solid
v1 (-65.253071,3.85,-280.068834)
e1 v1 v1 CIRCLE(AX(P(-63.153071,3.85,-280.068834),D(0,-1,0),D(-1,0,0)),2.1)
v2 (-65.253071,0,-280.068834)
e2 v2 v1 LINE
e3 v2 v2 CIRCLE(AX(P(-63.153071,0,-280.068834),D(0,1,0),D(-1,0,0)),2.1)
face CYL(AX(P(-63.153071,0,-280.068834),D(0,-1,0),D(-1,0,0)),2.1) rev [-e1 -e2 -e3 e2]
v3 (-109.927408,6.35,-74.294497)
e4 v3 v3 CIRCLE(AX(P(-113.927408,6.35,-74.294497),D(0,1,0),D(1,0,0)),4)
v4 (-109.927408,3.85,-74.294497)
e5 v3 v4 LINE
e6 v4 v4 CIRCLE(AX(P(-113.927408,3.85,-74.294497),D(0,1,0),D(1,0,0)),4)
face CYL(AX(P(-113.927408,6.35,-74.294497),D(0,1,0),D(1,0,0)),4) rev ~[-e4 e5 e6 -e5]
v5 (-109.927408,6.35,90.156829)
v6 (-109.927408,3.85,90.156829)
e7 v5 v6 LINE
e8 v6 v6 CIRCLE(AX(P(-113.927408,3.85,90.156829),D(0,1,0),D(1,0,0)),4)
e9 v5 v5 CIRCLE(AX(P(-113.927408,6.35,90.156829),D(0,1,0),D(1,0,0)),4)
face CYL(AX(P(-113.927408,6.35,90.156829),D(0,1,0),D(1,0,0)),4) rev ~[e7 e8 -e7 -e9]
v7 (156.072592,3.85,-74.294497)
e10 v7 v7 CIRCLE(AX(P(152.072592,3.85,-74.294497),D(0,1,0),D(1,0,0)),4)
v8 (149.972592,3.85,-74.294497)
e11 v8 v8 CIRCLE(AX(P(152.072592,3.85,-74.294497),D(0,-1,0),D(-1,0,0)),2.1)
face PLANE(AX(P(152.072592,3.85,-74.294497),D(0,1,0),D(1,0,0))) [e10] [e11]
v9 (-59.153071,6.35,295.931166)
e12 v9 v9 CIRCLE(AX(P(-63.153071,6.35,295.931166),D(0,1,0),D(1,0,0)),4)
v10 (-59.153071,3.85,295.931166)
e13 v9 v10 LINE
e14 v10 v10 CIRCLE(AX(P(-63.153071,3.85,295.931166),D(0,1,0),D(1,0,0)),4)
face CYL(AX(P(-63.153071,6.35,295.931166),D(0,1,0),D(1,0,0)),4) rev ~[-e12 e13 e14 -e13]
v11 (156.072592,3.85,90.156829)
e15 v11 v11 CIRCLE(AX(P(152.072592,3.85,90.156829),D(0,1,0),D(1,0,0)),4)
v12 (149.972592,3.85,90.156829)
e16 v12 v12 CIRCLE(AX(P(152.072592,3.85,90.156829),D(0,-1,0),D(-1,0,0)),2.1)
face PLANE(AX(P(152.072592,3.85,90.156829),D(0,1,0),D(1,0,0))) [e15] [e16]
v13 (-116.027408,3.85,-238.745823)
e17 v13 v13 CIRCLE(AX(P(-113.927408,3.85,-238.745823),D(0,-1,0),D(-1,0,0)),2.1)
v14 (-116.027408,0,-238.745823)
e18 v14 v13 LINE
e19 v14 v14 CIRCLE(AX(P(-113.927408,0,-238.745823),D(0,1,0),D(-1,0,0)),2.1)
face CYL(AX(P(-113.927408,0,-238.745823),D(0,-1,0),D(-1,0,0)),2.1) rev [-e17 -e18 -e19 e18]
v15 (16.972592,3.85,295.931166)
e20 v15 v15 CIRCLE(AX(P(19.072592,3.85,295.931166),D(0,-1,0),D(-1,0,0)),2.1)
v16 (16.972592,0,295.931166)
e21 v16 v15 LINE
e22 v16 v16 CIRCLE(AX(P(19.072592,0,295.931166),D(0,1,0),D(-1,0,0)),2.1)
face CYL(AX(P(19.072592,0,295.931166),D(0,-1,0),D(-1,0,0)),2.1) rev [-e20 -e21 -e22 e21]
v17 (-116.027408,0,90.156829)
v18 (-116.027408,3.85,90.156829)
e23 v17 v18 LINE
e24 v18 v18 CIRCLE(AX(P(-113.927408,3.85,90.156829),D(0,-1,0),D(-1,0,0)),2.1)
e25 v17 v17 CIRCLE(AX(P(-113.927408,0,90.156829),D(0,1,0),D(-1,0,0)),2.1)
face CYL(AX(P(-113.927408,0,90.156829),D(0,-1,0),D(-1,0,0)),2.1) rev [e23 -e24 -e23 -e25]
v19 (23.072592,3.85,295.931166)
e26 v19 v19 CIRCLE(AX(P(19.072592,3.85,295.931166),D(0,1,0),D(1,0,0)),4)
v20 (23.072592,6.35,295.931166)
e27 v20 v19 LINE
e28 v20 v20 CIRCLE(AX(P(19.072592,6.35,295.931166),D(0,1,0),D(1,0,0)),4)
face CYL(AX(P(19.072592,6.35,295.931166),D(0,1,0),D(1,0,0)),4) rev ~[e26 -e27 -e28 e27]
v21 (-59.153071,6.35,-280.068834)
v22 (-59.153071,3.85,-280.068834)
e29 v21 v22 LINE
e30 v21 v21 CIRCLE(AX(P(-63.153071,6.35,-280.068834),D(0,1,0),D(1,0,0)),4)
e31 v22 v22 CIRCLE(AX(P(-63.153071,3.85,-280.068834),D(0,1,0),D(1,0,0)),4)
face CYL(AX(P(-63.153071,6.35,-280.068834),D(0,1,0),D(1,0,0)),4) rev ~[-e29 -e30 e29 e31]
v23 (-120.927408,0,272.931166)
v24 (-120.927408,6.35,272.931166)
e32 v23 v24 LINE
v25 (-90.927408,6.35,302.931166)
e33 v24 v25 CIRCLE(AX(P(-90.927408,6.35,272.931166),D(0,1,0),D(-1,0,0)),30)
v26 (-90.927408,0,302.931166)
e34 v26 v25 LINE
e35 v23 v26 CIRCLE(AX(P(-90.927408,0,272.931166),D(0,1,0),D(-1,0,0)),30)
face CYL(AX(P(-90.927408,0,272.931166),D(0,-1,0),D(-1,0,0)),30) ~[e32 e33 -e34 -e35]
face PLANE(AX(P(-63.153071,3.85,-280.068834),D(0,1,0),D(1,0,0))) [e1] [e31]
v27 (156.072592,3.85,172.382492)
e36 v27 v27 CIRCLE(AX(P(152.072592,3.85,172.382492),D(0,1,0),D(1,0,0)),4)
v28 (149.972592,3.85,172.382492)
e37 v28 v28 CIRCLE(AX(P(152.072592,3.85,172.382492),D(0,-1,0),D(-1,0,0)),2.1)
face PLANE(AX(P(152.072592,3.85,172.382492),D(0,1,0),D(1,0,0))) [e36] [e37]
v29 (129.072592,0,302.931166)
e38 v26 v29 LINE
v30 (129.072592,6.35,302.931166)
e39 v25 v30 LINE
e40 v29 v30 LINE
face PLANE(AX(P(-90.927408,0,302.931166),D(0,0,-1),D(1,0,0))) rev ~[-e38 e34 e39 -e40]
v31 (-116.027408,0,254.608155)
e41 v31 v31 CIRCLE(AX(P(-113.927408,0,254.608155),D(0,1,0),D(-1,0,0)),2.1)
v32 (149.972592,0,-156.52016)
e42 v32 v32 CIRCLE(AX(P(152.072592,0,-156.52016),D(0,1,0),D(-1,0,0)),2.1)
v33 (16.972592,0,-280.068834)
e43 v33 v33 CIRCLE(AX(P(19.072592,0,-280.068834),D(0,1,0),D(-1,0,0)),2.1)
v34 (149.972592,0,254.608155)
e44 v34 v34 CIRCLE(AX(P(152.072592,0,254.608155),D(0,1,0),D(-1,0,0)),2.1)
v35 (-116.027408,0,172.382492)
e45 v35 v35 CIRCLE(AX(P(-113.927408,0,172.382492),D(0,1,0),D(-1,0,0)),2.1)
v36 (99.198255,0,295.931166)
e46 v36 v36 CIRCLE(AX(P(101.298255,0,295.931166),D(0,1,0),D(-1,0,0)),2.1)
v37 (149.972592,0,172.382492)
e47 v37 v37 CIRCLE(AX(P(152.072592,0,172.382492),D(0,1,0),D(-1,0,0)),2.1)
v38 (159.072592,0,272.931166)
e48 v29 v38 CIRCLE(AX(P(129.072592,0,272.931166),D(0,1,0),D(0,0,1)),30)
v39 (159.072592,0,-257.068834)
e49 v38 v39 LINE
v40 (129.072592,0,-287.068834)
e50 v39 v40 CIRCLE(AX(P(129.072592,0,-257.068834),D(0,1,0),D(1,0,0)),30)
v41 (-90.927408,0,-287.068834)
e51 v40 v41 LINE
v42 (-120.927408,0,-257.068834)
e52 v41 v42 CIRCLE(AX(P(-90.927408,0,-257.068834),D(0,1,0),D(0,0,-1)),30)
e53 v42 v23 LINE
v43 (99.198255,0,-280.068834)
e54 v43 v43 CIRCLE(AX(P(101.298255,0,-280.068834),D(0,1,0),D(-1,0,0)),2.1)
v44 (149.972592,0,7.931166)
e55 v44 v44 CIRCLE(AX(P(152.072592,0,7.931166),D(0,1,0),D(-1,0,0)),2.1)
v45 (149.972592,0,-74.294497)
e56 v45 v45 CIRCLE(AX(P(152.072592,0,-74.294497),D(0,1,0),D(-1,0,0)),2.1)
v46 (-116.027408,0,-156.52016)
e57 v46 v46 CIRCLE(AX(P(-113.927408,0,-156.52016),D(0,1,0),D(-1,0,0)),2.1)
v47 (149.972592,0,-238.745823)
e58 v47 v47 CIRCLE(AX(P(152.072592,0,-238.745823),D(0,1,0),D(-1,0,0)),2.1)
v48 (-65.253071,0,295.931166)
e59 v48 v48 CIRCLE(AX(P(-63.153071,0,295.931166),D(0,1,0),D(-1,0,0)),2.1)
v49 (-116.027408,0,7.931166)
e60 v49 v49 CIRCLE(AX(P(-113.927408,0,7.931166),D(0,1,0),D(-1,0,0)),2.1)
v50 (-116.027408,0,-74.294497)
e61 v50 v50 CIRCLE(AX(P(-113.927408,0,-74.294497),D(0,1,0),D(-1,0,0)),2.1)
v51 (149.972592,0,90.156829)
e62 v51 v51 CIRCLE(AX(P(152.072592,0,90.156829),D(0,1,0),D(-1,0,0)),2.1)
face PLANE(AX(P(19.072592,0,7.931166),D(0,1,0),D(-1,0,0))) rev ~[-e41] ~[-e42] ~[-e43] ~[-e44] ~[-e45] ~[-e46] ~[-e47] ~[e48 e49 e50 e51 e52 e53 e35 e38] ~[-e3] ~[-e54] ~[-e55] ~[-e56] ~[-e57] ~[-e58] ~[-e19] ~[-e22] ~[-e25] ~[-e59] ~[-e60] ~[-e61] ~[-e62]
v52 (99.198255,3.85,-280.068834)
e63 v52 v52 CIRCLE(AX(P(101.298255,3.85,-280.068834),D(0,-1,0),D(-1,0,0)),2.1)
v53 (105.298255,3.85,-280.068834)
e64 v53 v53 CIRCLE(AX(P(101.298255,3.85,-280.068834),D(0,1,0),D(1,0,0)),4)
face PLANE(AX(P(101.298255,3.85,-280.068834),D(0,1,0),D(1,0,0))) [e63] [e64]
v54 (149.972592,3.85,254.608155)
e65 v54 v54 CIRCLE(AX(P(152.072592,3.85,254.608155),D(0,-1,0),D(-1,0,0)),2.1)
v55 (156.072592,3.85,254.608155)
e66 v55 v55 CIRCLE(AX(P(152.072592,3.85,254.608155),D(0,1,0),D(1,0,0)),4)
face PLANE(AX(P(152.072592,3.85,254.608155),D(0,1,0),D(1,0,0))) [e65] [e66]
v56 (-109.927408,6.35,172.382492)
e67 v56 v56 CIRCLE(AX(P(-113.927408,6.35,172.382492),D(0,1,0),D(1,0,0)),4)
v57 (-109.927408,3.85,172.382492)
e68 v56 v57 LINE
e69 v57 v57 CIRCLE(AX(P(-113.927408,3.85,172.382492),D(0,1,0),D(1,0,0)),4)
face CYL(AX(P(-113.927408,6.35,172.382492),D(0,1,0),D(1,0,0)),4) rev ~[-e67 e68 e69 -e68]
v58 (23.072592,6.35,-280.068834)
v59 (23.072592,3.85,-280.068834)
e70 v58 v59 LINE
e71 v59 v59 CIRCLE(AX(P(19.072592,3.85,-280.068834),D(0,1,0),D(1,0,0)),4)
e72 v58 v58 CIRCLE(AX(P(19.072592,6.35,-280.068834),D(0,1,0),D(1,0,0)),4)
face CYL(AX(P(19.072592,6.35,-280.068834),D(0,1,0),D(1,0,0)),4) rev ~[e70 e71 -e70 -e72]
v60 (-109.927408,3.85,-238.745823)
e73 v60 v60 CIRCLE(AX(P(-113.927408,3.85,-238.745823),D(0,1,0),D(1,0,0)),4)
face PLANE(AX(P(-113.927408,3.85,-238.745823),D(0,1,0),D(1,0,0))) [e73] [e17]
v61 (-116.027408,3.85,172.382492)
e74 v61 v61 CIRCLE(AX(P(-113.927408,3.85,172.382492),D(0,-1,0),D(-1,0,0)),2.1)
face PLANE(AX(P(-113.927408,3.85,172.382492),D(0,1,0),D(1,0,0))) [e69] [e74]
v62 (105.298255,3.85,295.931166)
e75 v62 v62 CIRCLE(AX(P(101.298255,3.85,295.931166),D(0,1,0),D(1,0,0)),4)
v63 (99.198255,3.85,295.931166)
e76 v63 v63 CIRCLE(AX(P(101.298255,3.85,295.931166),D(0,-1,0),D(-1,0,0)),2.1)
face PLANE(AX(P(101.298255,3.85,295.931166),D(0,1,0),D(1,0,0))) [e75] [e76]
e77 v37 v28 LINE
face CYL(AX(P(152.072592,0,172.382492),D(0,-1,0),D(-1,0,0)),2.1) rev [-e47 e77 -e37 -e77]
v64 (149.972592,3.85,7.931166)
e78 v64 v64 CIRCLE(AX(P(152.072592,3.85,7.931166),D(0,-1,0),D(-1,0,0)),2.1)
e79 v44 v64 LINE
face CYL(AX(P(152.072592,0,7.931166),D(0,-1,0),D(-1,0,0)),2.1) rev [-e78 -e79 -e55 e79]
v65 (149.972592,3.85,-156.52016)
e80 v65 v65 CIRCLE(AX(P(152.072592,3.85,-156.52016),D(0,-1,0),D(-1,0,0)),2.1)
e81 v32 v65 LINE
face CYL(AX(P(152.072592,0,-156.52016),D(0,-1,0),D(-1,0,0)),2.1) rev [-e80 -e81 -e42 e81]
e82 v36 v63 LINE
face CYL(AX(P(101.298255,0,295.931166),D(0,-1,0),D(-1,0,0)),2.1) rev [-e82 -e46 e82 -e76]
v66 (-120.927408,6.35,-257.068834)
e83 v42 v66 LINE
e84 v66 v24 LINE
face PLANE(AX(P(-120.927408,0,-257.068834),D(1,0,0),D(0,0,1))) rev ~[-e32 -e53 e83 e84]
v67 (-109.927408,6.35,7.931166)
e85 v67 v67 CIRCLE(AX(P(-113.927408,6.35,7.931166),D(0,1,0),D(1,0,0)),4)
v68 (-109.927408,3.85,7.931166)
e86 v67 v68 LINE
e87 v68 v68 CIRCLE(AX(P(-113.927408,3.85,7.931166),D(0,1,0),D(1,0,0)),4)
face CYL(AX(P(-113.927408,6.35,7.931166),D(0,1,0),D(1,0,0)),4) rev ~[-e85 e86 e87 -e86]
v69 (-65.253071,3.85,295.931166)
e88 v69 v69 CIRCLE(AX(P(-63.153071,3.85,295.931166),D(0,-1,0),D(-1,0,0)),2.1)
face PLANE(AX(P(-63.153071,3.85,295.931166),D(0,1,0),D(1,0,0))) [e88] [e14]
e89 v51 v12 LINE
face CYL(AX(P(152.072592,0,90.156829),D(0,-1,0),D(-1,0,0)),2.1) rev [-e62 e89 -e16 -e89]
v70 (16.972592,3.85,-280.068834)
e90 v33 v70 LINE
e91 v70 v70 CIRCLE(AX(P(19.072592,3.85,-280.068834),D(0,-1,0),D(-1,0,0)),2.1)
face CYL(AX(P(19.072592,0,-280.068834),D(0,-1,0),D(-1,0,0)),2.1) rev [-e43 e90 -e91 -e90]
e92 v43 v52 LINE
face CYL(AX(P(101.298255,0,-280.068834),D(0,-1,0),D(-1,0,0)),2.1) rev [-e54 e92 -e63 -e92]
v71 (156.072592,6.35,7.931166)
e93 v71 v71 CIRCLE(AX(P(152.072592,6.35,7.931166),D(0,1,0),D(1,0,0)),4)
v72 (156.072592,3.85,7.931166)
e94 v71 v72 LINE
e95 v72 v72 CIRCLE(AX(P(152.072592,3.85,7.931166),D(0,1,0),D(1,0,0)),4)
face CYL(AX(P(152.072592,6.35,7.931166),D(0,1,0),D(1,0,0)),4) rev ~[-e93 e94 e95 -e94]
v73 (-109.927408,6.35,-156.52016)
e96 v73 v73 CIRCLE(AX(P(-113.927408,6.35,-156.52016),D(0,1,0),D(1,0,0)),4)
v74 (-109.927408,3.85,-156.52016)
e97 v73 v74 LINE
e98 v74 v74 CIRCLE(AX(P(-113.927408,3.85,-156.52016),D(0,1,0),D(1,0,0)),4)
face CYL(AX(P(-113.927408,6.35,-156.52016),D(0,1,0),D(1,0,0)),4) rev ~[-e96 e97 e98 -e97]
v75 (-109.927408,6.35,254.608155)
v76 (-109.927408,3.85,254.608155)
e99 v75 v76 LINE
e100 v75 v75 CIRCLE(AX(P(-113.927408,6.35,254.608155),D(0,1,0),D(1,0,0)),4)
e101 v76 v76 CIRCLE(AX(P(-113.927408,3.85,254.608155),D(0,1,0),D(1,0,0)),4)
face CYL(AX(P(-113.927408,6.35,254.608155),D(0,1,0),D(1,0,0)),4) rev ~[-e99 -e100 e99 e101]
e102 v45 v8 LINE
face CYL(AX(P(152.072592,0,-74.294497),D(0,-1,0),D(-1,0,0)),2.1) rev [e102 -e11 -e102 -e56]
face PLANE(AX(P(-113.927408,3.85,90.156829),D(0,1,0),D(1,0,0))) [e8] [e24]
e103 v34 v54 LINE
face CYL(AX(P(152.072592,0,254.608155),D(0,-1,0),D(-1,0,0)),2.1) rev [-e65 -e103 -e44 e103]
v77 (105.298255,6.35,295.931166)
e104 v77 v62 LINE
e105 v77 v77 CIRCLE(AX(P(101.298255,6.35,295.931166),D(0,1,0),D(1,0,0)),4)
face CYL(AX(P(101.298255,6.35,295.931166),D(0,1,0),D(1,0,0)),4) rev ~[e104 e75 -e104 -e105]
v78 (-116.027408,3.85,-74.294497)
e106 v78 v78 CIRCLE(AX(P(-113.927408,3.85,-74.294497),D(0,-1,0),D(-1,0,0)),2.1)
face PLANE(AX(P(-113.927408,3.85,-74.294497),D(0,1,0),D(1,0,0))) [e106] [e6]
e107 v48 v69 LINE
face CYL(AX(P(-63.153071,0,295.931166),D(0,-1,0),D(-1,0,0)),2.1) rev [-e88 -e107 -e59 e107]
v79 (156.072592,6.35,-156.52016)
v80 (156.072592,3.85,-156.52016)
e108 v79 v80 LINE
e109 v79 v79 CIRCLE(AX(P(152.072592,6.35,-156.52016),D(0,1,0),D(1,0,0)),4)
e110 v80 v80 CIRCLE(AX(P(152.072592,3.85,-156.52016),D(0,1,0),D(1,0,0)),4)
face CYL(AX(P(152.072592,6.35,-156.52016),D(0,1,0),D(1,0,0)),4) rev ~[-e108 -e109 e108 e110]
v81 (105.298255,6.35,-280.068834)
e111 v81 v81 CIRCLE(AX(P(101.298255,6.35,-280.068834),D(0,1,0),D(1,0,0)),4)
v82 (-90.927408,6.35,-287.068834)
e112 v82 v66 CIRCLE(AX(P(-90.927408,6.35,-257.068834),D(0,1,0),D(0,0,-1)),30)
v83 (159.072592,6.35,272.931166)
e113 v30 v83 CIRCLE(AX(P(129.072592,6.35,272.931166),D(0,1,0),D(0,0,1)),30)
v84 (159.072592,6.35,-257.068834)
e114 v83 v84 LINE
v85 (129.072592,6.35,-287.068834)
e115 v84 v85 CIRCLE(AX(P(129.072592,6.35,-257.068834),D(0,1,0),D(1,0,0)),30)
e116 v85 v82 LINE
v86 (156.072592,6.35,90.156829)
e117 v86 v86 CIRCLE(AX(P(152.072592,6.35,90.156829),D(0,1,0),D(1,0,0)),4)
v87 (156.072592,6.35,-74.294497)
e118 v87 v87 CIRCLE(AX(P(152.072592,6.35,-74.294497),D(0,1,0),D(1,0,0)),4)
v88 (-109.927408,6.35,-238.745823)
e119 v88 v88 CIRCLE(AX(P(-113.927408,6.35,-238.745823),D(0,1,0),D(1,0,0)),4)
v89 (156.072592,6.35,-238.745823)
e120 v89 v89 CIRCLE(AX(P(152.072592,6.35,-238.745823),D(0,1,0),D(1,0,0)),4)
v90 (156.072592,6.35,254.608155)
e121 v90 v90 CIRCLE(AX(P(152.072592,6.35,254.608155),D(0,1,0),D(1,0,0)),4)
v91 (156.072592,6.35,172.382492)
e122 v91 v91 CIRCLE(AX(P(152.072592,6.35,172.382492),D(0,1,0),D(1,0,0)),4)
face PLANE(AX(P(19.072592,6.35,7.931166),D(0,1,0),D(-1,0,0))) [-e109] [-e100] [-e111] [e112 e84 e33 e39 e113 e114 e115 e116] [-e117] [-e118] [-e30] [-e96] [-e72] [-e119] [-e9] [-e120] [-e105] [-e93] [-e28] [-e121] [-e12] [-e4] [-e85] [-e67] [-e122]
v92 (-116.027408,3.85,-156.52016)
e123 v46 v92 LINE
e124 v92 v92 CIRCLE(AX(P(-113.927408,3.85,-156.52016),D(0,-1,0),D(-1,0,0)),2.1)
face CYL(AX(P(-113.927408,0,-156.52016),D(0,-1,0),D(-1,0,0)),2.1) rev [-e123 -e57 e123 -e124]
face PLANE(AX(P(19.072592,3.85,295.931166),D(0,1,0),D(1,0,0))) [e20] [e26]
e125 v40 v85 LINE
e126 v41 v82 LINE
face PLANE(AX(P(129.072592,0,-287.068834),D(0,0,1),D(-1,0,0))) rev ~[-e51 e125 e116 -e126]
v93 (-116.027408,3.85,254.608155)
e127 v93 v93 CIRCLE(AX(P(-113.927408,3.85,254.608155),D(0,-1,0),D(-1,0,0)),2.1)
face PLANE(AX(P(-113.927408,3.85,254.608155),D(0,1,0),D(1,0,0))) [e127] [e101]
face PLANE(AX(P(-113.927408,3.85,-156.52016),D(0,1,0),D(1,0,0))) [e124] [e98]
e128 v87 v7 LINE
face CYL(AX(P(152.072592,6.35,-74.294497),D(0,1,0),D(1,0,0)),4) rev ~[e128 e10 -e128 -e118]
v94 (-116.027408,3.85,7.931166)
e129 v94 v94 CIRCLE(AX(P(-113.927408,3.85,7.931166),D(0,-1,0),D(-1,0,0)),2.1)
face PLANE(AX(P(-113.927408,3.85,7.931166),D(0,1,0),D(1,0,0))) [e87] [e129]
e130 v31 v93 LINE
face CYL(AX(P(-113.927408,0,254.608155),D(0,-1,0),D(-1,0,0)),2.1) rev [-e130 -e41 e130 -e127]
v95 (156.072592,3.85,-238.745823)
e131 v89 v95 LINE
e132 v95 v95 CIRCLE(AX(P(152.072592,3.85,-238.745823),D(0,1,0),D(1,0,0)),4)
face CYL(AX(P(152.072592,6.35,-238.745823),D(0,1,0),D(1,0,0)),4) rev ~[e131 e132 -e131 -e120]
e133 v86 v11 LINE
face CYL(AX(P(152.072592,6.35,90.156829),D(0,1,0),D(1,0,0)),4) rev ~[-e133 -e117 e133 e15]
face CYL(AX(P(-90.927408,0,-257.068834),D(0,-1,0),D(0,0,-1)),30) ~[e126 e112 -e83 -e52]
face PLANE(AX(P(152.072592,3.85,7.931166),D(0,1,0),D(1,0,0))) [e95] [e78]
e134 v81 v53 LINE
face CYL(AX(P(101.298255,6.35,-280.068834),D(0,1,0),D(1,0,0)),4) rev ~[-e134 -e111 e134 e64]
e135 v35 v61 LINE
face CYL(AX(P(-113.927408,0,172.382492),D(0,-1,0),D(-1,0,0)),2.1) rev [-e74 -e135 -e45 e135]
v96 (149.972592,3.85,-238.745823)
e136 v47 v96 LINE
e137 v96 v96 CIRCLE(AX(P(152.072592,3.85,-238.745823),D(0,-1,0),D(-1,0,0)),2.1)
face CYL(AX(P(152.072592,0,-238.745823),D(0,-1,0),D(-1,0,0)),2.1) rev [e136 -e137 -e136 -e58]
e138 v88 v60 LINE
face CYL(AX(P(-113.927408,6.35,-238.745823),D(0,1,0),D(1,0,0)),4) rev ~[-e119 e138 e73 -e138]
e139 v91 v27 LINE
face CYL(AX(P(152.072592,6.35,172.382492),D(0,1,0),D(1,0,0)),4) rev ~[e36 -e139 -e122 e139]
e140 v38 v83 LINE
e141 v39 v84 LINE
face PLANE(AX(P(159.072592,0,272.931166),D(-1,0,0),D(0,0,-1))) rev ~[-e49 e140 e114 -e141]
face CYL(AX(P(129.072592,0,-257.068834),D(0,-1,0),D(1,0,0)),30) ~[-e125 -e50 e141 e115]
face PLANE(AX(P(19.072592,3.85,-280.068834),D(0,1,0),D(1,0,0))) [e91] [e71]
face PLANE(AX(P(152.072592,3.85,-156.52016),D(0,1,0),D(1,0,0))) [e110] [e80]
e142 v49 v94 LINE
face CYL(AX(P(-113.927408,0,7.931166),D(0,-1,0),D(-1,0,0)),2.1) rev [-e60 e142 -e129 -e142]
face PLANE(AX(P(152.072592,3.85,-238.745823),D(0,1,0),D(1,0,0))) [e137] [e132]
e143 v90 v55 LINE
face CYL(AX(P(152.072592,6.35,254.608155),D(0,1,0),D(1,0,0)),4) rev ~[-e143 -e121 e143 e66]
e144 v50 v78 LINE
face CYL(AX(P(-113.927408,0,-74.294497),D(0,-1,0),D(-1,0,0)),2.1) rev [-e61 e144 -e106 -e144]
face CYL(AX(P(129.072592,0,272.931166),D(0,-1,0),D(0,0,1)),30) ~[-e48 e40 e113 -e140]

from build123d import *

# Parameters (mm, degrees)
SKETCH1_R           = 2.1
BOSS_EXTRUDE1_DEPTH = 6.35
SKETCH3_R           = 4
CUT_EXTRUDE1_DEPTH  = 2.5


with BuildPart() as part:
    # Sketch1 → Boss-Extrude1 (new body)
    with BuildSketch(Plane(origin=(0, 0, 0), x_dir=(-1, 0, 0), z_dir=(0, 1, 0))):
        with BuildLine():
            Line((90.927407972, 302.93116582), (-129.072592028, 302.93116582))
            ThreePointArc((-129.072592028, 302.93116582), (-150.285795463, 294.144369255), (-159.072592028, 272.93116582))
            Line((-159.072592028, 272.93116582), (-159.072592028, -257.06883418))
            ThreePointArc((-159.072592028, -257.06883418), (-150.285795463, -278.282037616), (-129.072592028, -287.06883418))
            Line((-129.072592028, -287.06883418), (90.927407972, -287.06883418))
            ThreePointArc((90.927407972, -287.06883418), (112.140611408, -278.282037616), (120.927407972, -257.06883418))
            Line((120.927407972, -257.06883418), (120.927407972, 272.93116582))
            ThreePointArc((120.927407972, 272.93116582), (112.140611408, 294.144369255), (90.927407972, 302.93116582))
        make_face()
        with Locations((-152.072592028, 254.608155129)):
            Circle(SKETCH1_R, mode=Mode.SUBTRACT)
        with Locations((-101.298255131, 295.93116582)):
            Circle(SKETCH1_R, mode=Mode.SUBTRACT)
        with Locations((-19.072592028, 295.93116582)):
            Circle(SKETCH1_R, mode=Mode.SUBTRACT)
        with Locations((63.153071075, 295.93116582)):
            Circle(SKETCH1_R, mode=Mode.SUBTRACT)
        with Locations((113.927407972, 254.608155129)):
            Circle(SKETCH1_R, mode=Mode.SUBTRACT)
        with Locations((-152.072592028, 7.93116582)):
            Circle(SKETCH1_R, mode=Mode.SUBTRACT)
        with Locations((-152.072592028, -74.294497284)):
            Circle(SKETCH1_R, mode=Mode.SUBTRACT)
        with Locations((-152.072592028, -156.520160387)):
            Circle(SKETCH1_R, mode=Mode.SUBTRACT)
        with Locations((-152.072592028, -238.74582349)):
            Circle(SKETCH1_R, mode=Mode.SUBTRACT)
        with Locations((-101.298255131, -280.06883418)):
            Circle(SKETCH1_R, mode=Mode.SUBTRACT)
        with Locations((-19.072592028, -280.06883418)):
            Circle(SKETCH1_R, mode=Mode.SUBTRACT)
        with Locations((63.153071075, -280.06883418)):
            Circle(SKETCH1_R, mode=Mode.SUBTRACT)
        with Locations((113.927407972, -238.74582349)):
            Circle(SKETCH1_R, mode=Mode.SUBTRACT)
        with Locations((113.927407972, -156.520160387)):
            Circle(SKETCH1_R, mode=Mode.SUBTRACT)
        with Locations((113.927407972, -74.294497284)):
            Circle(SKETCH1_R, mode=Mode.SUBTRACT)
        with Locations((113.927407972, 7.93116582)):
            Circle(SKETCH1_R, mode=Mode.SUBTRACT)
        with Locations((-152.072592028, 90.156828923)):
            Circle(SKETCH1_R, mode=Mode.SUBTRACT)
        with Locations((-152.072592028, 172.382492026)):
            Circle(SKETCH1_R, mode=Mode.SUBTRACT)
        with Locations((113.927407972, 90.156828923)):
            Circle(SKETCH1_R, mode=Mode.SUBTRACT)
        with Locations((113.927407972, 172.382492026)):
            Circle(SKETCH1_R, mode=Mode.SUBTRACT)
    extrude(amount=BOSS_EXTRUDE1_DEPTH)

    # Sketch3 → Cut-Extrude1 (cut)
    with BuildSketch(Plane(origin=(0, 6.35, 0), x_dir=(1, 0, 0), z_dir=(0, 1, 0))):
        with Locations((152.072592028, -254.608155129)):
            Circle(SKETCH3_R)
        with Locations((101.298255131, -295.93116582)):
            Circle(SKETCH3_R)
        with Locations((19.072592028, -295.93116582)):
            Circle(SKETCH3_R)
        with Locations((-63.153071075, -295.93116582)):
            Circle(SKETCH3_R)
        with Locations((-113.927407972, -254.608155129)):
            Circle(SKETCH3_R)
        with Locations((-113.927407972, -172.382492026)):
            Circle(SKETCH3_R)
        with Locations((-113.927407972, -90.156828923)):
            Circle(SKETCH3_R)
        with Locations((-113.927407972, -7.93116582)):
            Circle(SKETCH3_R)
        with Locations((-113.927407972, 74.294497284)):
            Circle(SKETCH3_R)
        with Locations((-113.927407972, 156.520160387)):
            Circle(SKETCH3_R)
        with Locations((-113.927407972, 238.74582349)):
            Circle(SKETCH3_R)
        with Locations((-63.153071075, 280.06883418)):
            Circle(SKETCH3_R)
        with Locations((19.072592028, 280.06883418)):
            Circle(SKETCH3_R)
        with Locations((101.298255131, 280.06883418)):
            Circle(SKETCH3_R)
        with Locations((152.072592028, 238.74582349)):
            Circle(SKETCH3_R)
        with Locations((152.072592028, 156.520160387)):
            Circle(SKETCH3_R)
        with Locations((152.072592028, 74.294497284)):
            Circle(SKETCH3_R)
        with Locations((152.072592028, -7.93116582)):
            Circle(SKETCH3_R)
        with Locations((152.072592028, -90.156828923)):
            Circle(SKETCH3_R)
        with Locations((152.072592028, -172.382492026)):
            Circle(SKETCH3_R)
    extrude(amount=-CUT_EXTRUDE1_DEPTH, mode=Mode.SUBTRACT)


solid = part.part
